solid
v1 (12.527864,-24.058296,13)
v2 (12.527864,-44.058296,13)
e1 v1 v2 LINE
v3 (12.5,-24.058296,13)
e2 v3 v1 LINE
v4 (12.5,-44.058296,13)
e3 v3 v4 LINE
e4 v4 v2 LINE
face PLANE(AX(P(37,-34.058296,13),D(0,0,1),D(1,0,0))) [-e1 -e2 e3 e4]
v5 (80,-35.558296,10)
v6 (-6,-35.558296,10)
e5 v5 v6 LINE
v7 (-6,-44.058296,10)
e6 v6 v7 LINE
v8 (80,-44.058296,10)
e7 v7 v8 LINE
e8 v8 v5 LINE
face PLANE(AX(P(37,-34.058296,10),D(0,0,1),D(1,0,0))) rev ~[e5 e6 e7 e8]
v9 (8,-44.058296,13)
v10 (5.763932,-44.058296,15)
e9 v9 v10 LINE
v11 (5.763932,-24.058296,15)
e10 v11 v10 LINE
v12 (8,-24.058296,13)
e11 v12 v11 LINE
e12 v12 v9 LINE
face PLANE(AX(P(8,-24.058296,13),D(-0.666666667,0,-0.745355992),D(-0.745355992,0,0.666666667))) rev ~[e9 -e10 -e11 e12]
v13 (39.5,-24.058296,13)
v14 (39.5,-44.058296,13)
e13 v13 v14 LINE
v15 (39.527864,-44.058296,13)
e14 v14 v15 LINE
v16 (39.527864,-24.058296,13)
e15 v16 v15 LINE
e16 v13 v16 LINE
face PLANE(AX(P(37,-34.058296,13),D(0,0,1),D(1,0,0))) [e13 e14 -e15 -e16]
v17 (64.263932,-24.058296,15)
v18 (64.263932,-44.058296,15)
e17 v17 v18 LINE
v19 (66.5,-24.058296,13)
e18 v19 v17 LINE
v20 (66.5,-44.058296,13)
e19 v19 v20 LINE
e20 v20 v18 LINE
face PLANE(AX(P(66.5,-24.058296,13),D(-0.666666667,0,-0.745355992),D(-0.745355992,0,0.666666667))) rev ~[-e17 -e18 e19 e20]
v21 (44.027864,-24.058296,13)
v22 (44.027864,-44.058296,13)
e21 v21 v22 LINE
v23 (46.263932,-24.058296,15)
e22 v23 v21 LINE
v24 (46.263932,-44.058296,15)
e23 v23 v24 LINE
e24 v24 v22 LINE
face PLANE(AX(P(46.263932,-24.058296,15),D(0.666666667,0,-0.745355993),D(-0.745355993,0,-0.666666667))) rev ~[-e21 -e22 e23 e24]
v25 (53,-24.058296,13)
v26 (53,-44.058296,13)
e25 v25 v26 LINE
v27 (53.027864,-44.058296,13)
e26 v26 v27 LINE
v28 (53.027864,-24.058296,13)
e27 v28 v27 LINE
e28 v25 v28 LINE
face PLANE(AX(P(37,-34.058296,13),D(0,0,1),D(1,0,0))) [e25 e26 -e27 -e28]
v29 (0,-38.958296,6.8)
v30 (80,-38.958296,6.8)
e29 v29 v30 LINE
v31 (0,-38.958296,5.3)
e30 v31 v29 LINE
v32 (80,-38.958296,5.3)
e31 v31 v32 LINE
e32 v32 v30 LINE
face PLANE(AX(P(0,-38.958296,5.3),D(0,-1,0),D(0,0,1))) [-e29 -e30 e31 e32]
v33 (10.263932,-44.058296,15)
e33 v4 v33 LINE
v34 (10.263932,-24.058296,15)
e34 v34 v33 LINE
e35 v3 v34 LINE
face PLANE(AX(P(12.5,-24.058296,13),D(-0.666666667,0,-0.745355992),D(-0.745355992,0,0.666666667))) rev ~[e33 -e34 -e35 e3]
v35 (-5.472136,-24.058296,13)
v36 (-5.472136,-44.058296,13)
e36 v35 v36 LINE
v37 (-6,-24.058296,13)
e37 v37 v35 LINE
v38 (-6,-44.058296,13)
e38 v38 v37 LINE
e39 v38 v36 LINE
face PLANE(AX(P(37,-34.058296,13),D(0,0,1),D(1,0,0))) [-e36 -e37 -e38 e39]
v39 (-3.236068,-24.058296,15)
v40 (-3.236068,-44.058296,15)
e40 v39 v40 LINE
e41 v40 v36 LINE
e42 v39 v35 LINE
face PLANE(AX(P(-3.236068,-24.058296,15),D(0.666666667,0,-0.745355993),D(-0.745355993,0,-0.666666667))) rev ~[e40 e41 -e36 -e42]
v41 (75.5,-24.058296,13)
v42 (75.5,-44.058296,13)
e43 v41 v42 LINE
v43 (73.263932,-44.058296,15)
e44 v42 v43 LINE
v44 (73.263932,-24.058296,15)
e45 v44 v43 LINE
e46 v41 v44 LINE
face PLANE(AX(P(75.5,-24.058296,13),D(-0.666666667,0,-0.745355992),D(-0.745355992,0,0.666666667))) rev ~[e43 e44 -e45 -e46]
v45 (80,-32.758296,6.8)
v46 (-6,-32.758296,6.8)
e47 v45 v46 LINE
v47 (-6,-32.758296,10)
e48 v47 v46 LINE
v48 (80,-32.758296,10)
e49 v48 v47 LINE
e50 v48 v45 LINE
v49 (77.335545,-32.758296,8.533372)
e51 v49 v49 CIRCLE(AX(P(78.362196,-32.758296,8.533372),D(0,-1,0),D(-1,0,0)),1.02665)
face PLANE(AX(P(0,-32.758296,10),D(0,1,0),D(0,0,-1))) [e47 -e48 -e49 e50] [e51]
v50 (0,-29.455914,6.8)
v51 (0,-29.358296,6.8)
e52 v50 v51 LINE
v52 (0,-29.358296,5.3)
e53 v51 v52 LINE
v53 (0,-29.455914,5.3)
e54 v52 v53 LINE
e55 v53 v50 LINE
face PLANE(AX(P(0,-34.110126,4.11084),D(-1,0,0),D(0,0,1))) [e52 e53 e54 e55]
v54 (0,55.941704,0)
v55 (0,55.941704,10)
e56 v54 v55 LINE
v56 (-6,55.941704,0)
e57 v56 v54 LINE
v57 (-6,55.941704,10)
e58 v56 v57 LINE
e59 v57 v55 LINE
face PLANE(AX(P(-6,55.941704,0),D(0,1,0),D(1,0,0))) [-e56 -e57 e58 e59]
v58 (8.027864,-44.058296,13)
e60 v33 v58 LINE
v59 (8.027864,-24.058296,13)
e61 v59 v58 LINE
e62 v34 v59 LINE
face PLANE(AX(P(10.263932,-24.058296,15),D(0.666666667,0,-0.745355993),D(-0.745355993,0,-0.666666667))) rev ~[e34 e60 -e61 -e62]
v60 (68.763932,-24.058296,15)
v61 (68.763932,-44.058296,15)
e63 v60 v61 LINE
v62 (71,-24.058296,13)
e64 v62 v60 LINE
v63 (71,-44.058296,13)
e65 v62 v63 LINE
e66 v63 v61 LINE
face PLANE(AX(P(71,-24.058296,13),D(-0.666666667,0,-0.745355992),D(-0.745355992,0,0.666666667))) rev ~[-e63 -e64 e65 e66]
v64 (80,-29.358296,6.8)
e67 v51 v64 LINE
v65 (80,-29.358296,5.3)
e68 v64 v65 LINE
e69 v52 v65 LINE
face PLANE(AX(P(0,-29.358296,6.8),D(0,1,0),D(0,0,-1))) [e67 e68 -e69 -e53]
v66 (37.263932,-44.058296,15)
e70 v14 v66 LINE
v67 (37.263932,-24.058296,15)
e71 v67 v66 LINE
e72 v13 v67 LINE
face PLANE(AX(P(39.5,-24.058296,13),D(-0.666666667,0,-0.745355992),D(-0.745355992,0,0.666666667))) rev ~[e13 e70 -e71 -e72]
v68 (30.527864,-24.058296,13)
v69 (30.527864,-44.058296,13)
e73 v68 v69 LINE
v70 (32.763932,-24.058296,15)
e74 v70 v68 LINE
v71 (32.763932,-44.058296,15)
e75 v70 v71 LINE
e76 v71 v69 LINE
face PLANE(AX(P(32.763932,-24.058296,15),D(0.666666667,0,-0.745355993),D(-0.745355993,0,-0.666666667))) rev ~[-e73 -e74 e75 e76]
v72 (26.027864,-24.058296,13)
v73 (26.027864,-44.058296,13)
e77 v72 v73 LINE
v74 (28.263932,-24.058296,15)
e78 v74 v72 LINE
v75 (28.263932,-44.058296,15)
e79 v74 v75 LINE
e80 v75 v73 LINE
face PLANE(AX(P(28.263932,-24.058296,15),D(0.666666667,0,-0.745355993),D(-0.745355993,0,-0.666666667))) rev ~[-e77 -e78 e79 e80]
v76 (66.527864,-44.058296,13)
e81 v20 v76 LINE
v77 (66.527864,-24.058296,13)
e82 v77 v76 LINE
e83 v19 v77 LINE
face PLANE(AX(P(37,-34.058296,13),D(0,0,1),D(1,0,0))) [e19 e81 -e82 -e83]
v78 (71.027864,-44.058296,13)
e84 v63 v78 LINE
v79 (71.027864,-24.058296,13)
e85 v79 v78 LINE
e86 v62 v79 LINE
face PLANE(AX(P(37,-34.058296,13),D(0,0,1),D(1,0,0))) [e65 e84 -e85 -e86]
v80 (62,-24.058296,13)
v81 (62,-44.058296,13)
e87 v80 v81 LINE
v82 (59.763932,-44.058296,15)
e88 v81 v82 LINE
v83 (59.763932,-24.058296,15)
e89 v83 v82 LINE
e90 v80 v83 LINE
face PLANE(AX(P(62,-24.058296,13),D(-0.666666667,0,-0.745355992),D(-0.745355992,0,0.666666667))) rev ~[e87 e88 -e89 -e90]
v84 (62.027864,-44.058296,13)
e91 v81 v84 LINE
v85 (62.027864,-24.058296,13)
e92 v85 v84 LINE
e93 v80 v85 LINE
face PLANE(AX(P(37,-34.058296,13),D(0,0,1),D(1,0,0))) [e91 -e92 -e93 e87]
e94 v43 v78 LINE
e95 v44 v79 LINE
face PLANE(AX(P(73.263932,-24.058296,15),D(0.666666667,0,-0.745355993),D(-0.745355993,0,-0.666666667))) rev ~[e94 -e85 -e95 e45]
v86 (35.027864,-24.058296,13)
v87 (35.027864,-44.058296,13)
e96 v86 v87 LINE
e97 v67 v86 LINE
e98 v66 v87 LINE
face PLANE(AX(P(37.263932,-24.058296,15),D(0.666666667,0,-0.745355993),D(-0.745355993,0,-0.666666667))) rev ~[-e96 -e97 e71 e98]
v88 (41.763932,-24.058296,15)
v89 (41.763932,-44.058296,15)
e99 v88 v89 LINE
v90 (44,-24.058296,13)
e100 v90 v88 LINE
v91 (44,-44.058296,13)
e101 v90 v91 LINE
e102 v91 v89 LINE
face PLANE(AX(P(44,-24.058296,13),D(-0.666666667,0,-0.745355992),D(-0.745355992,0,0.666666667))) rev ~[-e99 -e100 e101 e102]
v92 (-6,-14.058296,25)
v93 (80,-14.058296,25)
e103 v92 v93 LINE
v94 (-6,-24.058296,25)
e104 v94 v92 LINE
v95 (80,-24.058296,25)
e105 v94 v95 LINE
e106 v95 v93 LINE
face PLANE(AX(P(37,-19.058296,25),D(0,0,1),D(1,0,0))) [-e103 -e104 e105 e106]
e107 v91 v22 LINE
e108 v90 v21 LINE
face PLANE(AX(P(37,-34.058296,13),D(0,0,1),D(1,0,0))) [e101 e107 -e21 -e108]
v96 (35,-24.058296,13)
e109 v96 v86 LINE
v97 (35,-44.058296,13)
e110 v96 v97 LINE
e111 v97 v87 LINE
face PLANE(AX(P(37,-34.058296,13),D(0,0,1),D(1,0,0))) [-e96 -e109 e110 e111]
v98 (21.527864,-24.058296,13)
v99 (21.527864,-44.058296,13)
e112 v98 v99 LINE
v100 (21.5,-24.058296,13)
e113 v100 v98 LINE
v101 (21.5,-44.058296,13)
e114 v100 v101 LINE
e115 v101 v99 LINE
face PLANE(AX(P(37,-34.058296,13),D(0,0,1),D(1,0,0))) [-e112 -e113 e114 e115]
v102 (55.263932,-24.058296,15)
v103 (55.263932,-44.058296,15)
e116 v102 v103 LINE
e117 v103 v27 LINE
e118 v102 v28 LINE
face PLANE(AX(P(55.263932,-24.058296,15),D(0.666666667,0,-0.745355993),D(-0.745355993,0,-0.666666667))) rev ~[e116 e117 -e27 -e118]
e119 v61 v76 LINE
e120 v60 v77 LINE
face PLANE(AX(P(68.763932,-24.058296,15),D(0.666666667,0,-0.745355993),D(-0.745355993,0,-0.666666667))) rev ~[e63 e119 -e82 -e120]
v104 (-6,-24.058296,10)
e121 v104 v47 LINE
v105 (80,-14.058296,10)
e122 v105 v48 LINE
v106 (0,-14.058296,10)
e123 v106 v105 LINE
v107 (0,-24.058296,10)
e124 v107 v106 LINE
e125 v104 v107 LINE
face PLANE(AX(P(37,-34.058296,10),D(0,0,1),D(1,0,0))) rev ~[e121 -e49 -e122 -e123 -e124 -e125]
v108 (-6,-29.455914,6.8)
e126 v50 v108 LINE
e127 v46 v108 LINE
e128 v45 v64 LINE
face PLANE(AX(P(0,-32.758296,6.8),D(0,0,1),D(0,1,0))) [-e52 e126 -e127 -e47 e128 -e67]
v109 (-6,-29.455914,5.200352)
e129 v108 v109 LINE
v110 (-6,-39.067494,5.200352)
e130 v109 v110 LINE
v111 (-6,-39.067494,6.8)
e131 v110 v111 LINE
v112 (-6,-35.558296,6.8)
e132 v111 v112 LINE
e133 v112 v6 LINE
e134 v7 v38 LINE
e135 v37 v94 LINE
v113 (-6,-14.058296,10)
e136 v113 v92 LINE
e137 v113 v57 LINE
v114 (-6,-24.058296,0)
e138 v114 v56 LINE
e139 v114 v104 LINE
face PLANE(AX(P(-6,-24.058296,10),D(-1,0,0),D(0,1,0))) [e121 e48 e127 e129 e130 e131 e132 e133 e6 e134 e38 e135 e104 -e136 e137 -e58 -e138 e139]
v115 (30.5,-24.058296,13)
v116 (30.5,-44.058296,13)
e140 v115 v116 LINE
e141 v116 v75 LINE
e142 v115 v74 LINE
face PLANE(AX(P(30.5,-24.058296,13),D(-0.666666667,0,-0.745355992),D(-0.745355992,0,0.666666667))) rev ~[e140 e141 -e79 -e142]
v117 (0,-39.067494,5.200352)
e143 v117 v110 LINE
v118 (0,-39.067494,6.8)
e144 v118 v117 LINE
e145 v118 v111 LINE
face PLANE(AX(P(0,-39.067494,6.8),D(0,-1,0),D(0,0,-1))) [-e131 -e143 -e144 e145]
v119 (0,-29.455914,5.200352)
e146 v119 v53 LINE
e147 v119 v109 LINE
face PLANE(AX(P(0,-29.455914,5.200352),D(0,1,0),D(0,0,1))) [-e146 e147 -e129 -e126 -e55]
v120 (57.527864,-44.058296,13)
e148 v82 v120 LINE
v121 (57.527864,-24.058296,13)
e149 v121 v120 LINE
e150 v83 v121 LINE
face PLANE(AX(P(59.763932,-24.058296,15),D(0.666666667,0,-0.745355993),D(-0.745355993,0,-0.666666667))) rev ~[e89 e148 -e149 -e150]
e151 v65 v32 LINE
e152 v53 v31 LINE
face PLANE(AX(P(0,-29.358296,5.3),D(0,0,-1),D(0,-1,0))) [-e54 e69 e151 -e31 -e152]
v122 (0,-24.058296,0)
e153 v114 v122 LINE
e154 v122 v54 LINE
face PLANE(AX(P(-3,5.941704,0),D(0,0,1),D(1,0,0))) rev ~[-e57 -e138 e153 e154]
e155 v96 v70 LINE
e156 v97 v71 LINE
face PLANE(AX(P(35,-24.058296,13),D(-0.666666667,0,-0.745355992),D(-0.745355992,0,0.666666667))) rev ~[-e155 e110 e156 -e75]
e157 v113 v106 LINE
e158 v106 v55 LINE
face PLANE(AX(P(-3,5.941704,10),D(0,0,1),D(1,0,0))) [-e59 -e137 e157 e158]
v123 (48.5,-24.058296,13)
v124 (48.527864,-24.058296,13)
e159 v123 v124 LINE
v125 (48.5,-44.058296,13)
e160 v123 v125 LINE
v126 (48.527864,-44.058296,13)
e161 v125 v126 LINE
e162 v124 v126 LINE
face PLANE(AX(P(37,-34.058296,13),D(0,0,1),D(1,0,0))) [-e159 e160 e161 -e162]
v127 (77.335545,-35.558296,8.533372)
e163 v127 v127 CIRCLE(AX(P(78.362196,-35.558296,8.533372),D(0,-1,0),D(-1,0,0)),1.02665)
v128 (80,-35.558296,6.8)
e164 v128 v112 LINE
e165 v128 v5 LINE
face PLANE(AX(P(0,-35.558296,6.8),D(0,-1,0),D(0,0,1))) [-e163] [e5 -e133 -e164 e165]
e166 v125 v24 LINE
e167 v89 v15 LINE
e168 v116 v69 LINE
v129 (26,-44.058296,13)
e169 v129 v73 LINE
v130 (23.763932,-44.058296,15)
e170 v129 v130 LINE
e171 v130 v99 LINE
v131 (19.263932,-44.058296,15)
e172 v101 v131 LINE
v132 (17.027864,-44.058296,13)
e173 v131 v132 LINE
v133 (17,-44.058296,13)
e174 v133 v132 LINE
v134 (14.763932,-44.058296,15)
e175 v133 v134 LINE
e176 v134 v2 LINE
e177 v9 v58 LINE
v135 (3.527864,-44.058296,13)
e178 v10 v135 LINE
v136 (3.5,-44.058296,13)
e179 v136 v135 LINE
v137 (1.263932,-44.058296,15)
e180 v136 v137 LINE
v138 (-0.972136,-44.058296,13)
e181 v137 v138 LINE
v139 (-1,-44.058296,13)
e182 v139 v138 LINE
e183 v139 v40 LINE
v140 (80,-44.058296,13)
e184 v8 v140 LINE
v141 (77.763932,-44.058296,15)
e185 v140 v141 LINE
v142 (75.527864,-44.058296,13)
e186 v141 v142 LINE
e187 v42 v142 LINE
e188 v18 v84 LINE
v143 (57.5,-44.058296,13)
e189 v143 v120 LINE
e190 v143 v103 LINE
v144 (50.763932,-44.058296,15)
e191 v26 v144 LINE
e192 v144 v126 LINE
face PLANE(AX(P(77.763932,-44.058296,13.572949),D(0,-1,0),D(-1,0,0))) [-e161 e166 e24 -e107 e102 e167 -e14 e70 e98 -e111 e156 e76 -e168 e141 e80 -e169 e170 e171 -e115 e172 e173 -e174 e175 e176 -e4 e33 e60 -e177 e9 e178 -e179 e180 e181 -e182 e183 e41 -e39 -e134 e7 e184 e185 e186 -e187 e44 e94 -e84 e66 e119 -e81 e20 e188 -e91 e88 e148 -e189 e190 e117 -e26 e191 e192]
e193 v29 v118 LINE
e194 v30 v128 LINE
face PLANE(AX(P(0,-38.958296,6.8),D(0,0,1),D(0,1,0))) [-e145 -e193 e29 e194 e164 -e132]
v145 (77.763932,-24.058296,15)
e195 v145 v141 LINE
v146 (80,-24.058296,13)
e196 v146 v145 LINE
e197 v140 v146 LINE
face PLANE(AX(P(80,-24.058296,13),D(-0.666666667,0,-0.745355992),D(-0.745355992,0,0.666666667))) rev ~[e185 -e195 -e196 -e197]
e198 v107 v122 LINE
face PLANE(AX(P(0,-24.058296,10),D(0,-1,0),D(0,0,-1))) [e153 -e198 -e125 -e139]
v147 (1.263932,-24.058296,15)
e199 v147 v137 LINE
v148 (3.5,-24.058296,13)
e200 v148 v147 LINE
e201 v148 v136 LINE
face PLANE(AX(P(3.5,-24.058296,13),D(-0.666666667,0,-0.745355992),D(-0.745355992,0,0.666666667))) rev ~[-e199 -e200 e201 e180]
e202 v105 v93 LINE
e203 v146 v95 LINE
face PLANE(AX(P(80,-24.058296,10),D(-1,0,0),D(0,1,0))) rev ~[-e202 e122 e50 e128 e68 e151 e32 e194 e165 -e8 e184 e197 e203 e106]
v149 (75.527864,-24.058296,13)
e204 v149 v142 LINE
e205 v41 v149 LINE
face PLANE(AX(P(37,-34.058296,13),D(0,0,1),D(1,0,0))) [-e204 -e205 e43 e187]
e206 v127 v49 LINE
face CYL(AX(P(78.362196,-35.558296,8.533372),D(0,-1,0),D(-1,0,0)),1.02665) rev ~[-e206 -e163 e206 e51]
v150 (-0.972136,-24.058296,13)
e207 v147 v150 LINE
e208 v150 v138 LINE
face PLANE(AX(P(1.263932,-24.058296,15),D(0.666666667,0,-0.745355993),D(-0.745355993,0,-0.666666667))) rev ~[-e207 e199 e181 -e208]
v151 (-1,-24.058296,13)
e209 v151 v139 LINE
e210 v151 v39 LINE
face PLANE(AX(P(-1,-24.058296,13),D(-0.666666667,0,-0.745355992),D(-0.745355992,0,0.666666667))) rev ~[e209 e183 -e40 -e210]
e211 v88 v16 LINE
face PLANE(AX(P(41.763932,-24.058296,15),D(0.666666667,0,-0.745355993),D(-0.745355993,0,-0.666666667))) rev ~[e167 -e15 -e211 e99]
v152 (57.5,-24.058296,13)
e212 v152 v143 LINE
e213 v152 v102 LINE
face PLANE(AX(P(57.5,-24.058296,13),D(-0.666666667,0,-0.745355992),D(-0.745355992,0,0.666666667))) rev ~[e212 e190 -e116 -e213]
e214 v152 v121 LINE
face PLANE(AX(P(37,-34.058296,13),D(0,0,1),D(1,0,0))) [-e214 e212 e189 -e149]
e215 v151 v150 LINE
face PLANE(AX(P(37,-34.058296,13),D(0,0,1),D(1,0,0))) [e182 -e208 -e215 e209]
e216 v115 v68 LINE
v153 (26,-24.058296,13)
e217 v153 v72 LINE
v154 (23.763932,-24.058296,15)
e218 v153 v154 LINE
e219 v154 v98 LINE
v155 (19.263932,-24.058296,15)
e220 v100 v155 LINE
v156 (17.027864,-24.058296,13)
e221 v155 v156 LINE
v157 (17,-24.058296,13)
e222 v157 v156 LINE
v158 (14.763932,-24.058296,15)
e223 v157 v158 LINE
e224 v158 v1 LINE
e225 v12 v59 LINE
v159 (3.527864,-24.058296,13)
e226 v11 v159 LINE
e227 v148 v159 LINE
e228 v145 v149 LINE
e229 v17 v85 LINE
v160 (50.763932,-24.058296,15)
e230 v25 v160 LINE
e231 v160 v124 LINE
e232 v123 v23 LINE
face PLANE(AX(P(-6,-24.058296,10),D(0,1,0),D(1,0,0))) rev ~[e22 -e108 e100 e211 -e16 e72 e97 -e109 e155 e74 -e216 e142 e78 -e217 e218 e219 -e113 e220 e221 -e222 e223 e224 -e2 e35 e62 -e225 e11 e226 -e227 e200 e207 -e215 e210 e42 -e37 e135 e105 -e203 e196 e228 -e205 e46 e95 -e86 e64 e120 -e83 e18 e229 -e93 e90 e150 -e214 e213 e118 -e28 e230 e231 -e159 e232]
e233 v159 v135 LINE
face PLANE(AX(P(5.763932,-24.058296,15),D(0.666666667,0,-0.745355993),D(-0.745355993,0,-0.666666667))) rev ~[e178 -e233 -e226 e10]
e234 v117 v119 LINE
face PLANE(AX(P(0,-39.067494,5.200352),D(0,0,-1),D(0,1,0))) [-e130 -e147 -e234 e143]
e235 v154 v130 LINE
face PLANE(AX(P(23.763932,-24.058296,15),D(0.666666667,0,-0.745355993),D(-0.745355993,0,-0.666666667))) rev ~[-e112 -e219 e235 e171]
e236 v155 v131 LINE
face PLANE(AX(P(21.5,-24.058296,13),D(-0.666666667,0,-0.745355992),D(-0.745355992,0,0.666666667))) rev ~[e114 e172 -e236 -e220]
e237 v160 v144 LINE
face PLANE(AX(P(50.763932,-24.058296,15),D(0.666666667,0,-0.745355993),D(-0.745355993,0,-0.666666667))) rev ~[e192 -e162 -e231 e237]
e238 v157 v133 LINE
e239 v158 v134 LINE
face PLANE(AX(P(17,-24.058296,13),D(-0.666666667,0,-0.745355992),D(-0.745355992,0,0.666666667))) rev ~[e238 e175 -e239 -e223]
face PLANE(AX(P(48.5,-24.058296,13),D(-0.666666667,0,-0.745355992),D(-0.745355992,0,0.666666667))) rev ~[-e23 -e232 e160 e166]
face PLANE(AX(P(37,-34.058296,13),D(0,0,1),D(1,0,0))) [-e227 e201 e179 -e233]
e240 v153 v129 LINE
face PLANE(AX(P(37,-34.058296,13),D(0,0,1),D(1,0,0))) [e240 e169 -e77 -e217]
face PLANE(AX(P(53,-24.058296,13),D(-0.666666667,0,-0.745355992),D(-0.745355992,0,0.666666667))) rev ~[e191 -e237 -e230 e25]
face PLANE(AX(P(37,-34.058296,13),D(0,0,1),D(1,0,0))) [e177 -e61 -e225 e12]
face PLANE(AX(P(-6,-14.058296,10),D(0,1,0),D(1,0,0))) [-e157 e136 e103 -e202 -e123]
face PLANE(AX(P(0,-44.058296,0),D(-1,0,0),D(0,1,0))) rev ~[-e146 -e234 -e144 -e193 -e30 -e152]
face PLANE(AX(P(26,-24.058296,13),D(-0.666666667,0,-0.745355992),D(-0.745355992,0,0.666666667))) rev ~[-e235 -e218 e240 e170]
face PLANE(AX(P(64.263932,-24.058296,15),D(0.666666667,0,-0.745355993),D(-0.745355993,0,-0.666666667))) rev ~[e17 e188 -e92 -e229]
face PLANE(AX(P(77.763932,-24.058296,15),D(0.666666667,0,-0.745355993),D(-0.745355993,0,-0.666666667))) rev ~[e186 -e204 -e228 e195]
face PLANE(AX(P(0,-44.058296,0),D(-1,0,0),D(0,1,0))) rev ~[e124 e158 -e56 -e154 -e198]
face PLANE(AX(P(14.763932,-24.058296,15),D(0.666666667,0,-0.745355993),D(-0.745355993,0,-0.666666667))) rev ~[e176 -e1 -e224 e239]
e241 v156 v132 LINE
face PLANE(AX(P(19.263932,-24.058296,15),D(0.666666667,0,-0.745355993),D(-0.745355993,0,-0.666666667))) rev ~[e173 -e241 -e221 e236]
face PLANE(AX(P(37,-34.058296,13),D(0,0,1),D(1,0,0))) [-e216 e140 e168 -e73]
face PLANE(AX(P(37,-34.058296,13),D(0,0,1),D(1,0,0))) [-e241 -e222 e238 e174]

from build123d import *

# Parameters (mm, degrees)
SKETCH4_W           = 6
SKETCH4_H           = 100
BOSS_EXTRUDE2_DEPTH = 10
BOSS_EXTRUDE3_DEPTH = 80
SKETCH6_W           = 86
SKETCH6_H           = 20
BOSS_EXTRUDE4_DEPTH = 3
SKETCH7_R           = 1.026650489
CUT_EXTRUDE2_DEPTH  = 10
BOSS_EXTRUDE6_DEPTH = 20
CUT_EXTRUDE3_DEPTH  = 10
SKETCH11_W          = 86
SKETCH11_H          = 10
BOSS_EXTRUDE7_DEPTH = 15


with BuildPart() as part:
    # Sketch4 → Boss-Extrude2 (new body)
    with BuildSketch(Plane.XY):
        with Locations((-3, 5.941704036)):
            Rectangle(SKETCH4_W, SKETCH4_H)
    extrude(amount=BOSS_EXTRUDE2_DEPTH)

    # Sketch5 → Boss-Extrude3 (add)
    with BuildSketch(Plane(origin=(0, 0, 0), x_dir=(0, 0, -1), z_dir=(1, 0, 0))):
        Polygon((-10, -32.758295964), (-6.8, -32.758295964), (-6.8, -29.358295964), (-5.3, -29.358295964), (-5.3, -38.958295964), (-6.8, -38.958295964), (-6.8, -35.558295964), (-10, -35.558295964), align=None)
    extrude(amount=BOSS_EXTRUDE3_DEPTH)

    # Sketch6 → Boss-Extrude4 (add)
    with BuildSketch(Plane.XY.offset(10)):
        with Locations((37, -34.058295964)):
            Rectangle(SKETCH6_W, SKETCH6_H)
    extrude(amount=BOSS_EXTRUDE4_DEPTH)

    # Sketch7 → Cut-Extrude2 (cut)
    with BuildSketch(Plane(origin=(0, -35.558295964, 0), x_dir=(-1, 0, 0), z_dir=(0, -1, 0))):
        with Locations((-78.362195551, -8.533372311)):
            Circle(SKETCH7_R)
    extrude(amount=-CUT_EXTRUDE2_DEPTH, mode=Mode.SUBTRACT)

    # Sketch8 → Boss-Extrude6 (add)
    with BuildSketch(Plane(origin=(0, -24.058295964, 0), x_dir=(1, 0, 0), z_dir=(0, 1, 0))):
        Polygon((80, -13), (77.763932023, -15), (75.527864045, -13), align=None)
        Polygon((75.5, -13), (73.263932023, -15), (71.027864045, -13), align=None)
        Polygon((71, -13), (68.763932023, -15), (66.527864045, -13), align=None)
        Polygon((66.5, -13), (64.263932023, -15), (62.027864045, -13), align=None)
        Polygon((62, -13), (59.763932023, -15), (57.527864045, -13), align=None)
        Polygon((57.5, -13), (55.263932023, -15), (53.027864045, -13), align=None)
        Polygon((53, -13), (50.763932023, -15), (48.527864045, -13), align=None)
        Polygon((48.5, -13), (46.263932023, -15), (44.027864045, -13), align=None)
        Polygon((44, -13), (41.763932023, -15), (39.527864045, -13), align=None)
        Polygon((39.5, -13), (37.263932023, -15), (35.027864045, -13), align=None)
        Polygon((35, -13), (32.763932023, -15), (30.527864045, -13), align=None)
        Polygon((30.5, -13), (28.263932023, -15), (26.027864045, -13), align=None)
        Polygon((26, -13), (23.763932023, -15), (21.527864045, -13), align=None)
        Polygon((21.5, -13), (19.263932023, -15), (17.027864045, -13), align=None)
        Polygon((17, -13), (14.763932023, -15), (12.527864045, -13), align=None)
        Polygon((12.5, -13), (10.263932023, -15), (8.027864045, -13), align=None)
        Polygon((8, -13), (5.763932023, -15), (3.527864045, -13), align=None)
        Polygon((3.5, -13), (1.263932023, -15), (-0.972135955, -13), align=None)
        Polygon((-1, -13), (-3.236067977, -15), (-5.472135955, -13), align=None)
    extrude(amount=-BOSS_EXTRUDE6_DEPTH)

    # Sketch9 → Cut-Extrude3 (cut)
    with BuildSketch(Plane(origin=(0, 0, 0), x_dir=(0, 0, -1), z_dir=(1, 0, 0))):
        Polygon((-10, -24.058295964), (3.159373841, -24.058295964), (3.159373841, -44.058295964), (-10, -44.058295964), (-10, -35.558295964), (-6.8, -35.558295964), (-6.8, -39.06749372), (-5.2003516, -39.06749372), (-5.2003516, -29.455913505), (-6.8, -29.455913505), (-6.8, -32.758295964), (-10, -32.758295964), align=None)
    extrude(amount=-CUT_EXTRUDE3_DEPTH, mode=Mode.SUBTRACT)

    # Sketch11 → Boss-Extrude7 (add)
    with BuildSketch(Plane.XY.offset(10)):
        with Locations((37, -19.058295964)):
            Rectangle(SKETCH11_W, SKETCH11_H)
    extrude(amount=BOSS_EXTRUDE7_DEPTH)


solid = part.part
